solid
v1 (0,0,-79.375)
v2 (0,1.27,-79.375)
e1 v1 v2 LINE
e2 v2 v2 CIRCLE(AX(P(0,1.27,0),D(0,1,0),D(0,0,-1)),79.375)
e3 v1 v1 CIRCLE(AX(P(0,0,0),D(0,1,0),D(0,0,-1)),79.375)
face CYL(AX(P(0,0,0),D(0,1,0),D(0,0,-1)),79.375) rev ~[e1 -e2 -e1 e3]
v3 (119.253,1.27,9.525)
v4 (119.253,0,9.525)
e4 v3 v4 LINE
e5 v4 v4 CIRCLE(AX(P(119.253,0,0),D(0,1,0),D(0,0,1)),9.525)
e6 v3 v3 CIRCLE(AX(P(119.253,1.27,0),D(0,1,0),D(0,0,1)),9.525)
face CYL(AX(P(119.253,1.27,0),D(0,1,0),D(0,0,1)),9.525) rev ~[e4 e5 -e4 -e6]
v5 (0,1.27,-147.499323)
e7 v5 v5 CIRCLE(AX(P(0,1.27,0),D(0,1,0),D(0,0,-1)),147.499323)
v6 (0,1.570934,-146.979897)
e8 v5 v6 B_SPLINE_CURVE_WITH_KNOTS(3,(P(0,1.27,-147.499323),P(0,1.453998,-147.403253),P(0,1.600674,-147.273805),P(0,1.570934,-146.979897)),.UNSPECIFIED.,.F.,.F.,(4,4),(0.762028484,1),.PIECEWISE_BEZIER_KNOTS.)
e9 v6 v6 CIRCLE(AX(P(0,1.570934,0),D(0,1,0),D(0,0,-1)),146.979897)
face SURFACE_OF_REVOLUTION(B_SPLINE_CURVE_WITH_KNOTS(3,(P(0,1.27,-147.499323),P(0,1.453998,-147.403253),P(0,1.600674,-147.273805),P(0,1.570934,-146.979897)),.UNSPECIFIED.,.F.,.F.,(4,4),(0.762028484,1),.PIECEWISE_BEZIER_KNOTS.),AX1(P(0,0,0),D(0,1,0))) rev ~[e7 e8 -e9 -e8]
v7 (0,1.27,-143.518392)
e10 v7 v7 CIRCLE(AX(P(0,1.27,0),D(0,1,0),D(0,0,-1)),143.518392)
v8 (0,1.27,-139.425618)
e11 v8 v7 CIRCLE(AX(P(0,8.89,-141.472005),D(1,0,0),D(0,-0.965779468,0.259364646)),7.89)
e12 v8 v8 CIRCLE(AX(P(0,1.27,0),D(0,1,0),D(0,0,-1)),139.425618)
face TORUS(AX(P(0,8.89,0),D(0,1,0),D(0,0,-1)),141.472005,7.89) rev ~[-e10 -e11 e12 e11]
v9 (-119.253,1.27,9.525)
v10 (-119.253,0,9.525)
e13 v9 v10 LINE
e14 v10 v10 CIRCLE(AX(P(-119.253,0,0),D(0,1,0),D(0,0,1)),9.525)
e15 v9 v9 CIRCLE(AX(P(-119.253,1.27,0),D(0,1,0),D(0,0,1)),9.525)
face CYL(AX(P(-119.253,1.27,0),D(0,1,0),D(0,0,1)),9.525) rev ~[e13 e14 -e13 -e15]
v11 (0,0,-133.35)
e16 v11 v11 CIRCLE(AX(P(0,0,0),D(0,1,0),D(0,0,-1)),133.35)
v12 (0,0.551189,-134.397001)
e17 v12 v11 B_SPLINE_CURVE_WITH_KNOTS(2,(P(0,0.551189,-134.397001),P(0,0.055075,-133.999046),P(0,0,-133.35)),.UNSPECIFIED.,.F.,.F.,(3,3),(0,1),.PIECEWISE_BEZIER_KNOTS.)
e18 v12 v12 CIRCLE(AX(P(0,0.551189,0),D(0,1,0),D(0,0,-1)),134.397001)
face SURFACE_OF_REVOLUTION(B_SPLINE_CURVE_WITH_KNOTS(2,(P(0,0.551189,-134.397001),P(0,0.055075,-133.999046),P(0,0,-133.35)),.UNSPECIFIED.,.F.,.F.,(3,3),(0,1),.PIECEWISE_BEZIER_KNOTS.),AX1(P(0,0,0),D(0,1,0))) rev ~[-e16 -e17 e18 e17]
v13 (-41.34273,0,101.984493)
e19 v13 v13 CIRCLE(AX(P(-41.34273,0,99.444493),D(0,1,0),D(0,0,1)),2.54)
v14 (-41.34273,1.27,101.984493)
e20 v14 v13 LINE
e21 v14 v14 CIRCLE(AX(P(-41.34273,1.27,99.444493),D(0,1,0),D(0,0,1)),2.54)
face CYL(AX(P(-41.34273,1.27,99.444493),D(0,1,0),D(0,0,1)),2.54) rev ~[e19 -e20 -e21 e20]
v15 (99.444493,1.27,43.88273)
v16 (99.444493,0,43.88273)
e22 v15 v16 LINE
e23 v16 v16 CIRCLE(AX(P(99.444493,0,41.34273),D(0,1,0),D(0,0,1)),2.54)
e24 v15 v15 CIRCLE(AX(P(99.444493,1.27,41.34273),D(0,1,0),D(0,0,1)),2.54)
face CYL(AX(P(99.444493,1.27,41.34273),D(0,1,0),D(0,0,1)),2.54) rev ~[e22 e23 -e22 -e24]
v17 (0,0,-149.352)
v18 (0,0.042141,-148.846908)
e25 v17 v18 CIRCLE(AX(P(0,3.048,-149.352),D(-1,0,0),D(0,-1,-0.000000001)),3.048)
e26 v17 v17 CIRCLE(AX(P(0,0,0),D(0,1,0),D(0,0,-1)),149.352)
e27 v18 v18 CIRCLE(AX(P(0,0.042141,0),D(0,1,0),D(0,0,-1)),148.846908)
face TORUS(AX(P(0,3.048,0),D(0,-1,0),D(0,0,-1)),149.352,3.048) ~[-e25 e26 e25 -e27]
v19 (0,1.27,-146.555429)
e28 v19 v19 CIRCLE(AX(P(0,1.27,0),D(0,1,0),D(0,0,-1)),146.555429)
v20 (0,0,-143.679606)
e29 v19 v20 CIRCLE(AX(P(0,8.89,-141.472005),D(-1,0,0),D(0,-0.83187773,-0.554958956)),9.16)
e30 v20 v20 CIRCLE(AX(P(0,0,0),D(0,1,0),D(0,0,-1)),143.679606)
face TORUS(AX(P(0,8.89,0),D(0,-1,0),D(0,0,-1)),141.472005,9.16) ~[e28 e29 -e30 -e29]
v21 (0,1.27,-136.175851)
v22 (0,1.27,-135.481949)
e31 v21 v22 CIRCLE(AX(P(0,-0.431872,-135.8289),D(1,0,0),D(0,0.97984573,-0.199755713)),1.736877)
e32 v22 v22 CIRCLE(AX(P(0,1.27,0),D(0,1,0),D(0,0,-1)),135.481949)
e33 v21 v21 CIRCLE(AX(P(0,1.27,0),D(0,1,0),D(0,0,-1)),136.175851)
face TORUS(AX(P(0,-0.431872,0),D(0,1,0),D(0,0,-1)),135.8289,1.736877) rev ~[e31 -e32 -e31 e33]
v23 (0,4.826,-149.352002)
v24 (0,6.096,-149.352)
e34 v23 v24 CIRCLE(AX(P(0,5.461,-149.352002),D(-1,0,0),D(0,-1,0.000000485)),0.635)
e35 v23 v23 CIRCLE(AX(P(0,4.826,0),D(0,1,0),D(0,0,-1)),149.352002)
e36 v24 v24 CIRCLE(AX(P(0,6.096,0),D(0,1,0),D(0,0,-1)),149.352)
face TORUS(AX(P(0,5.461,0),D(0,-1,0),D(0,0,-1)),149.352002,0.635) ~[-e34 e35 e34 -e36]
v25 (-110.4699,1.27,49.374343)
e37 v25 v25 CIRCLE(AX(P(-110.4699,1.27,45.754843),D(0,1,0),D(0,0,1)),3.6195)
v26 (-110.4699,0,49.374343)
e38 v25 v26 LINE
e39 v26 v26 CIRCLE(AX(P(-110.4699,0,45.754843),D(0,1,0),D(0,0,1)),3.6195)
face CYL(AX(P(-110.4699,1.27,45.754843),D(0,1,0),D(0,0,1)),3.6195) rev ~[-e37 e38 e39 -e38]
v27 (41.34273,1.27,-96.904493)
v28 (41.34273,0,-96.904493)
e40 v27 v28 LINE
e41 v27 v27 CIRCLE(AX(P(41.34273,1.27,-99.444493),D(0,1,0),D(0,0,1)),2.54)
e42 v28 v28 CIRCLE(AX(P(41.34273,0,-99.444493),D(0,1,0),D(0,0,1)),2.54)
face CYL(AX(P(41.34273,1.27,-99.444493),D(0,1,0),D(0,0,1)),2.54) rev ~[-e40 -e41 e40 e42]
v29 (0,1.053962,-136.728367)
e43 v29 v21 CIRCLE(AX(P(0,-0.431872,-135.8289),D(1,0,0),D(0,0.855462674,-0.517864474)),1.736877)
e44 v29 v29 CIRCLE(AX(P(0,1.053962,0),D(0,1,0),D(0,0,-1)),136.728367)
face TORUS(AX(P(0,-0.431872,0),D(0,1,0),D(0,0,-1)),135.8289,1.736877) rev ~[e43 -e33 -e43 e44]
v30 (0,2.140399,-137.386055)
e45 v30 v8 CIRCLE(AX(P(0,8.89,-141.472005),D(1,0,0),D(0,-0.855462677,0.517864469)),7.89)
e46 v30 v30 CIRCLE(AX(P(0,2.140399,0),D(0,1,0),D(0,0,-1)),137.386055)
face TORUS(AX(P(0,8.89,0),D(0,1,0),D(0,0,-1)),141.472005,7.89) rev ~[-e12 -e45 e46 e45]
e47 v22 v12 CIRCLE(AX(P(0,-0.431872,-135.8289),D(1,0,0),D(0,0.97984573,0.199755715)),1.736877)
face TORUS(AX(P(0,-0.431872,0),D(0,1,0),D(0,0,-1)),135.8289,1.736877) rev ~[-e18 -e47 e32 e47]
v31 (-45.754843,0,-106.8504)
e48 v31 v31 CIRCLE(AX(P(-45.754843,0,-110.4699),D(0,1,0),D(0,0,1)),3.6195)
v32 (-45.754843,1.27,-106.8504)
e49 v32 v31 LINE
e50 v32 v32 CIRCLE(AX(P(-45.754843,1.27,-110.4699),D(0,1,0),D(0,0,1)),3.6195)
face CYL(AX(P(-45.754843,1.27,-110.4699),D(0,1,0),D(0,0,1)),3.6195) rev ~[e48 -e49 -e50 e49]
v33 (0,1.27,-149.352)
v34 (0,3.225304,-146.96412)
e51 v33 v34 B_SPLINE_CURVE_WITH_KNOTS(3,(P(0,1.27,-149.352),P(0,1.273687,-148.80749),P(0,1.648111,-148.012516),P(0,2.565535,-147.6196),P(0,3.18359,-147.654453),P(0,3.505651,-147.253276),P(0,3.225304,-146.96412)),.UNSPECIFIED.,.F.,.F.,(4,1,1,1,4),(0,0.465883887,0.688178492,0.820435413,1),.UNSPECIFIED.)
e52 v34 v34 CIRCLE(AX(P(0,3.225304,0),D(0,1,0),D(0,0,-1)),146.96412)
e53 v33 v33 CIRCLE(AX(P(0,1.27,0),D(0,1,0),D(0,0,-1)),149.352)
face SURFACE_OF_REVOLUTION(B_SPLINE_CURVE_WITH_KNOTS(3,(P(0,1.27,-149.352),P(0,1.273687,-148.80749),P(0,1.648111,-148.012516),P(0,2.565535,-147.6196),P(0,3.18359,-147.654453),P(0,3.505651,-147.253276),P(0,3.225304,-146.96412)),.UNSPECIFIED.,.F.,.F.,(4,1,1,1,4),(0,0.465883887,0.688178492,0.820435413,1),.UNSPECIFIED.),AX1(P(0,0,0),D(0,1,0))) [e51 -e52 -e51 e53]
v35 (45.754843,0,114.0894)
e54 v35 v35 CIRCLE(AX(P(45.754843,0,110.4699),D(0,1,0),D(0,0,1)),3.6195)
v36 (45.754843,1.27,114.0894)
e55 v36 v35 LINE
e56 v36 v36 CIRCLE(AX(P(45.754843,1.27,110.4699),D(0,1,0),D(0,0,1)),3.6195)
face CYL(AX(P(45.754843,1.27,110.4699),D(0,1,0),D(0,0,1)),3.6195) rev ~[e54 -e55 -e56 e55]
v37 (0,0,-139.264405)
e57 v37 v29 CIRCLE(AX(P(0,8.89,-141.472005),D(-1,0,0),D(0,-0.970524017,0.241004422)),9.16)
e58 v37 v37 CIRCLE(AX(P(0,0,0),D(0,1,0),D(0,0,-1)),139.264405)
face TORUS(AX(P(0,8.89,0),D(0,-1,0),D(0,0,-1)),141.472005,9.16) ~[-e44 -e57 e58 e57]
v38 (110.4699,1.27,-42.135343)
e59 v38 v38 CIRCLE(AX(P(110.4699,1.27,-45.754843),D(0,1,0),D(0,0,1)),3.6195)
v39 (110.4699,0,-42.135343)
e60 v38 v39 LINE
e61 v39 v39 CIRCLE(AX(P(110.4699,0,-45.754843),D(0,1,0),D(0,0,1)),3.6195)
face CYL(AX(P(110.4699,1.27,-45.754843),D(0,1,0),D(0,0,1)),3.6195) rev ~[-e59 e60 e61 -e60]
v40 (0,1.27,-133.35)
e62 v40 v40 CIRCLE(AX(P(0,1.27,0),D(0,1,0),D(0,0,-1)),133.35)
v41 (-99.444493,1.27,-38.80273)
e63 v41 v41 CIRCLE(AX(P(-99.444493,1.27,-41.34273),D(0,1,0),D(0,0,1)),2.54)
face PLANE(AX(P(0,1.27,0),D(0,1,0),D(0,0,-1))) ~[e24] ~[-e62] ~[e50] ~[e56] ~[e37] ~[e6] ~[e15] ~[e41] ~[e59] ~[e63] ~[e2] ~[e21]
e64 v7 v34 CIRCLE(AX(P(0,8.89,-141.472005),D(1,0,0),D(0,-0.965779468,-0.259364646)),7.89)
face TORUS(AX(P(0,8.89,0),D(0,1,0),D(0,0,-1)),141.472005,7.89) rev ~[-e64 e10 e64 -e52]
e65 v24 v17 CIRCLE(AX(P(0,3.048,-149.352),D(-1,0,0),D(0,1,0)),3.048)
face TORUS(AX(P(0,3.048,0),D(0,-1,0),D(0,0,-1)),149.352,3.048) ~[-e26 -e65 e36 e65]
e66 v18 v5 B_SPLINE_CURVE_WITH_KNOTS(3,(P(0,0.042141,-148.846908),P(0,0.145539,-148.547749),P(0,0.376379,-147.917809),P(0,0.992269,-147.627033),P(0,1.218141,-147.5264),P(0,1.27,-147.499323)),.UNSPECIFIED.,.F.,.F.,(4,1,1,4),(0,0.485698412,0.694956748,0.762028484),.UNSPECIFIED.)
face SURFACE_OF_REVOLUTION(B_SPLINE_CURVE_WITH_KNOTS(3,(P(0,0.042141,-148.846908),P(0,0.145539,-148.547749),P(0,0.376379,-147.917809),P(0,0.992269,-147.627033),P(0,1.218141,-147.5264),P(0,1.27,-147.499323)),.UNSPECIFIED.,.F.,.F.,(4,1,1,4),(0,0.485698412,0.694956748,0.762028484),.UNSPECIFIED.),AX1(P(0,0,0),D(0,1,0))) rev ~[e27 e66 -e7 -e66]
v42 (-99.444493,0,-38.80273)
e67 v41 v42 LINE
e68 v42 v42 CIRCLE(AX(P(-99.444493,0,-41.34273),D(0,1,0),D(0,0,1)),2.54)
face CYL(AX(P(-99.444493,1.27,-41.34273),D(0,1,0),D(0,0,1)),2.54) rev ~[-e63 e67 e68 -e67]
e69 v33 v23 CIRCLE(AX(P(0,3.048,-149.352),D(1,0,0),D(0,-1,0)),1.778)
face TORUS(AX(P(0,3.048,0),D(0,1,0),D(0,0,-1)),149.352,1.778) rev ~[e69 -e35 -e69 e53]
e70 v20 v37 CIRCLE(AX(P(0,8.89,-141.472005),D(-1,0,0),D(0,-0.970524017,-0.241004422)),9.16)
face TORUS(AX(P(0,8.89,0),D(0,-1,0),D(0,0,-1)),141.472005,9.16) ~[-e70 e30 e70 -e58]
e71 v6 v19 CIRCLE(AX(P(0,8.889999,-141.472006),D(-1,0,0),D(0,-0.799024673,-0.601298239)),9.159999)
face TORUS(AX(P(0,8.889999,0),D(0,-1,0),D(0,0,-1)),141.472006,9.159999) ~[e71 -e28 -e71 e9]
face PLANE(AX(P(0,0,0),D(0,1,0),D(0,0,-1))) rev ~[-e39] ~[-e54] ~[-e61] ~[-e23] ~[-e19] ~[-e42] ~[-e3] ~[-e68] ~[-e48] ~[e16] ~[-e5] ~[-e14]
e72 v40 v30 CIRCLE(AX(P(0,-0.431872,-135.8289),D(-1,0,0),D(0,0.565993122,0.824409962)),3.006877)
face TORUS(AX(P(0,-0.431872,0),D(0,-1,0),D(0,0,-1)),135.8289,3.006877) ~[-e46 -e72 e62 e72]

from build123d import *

# Parameters (mm, degrees)
CUT_EXTRUDE1_REACH = 217.58
SKETCH3_R          = 3.6195
SKETCH3_R_2        = 9.525
SKETCH3_R_3        = 2.54


with BuildPart() as part:
    # Sketch2 → Revolve1 (revolve)
    with BuildSketch(Plane(origin=(0, 0, 0), x_dir=(0, 0, -1), z_dir=(1, 0, 0)), mode=Mode.PRIVATE) as revolve1_sk:
        with BuildLine():
            add(Edge.make_bspline(
                [(-134.397000652, 0.551188735), (-133.999045602, 0.055074794), (-133.35, 0)],
                knots=[0, 0, 0, 1, 1, 1], degree=2))
            Line((-133.35, 0), (-79.375, 0))
            Line((-79.375, 0), (-79.375, 1.27))
            Line((-79.375, 1.27), (-133.35, 1.27))
            Line((-133.35, 1.27), (-135.481948533, 1.27))
            ThreePointArc((-135.481948533, 1.27), (-134.869603382, 1.016055461), (-134.397000652, 0.551188735))
        make_face()
        with BuildLine():
            ThreePointArc((-143.679605897, 0), (-141.47200539, -0.27), (-139.264404882, 0))
            Line((-139.264404882, 0), (-143.679605897, 0))
        make_face()
        with BuildLine():
            Line((-143.679605897, 0), (-139.264404882, 0))
            ThreePointArc((-139.264404882, 0), (-137.956661882, 0.431397277), (-136.728366852, 1.053961879))
            ThreePointArc((-136.728366852, 1.053961879), (-136.461400936, 1.185745278), (-136.175850928, 1.27))
            Line((-136.175850928, 1.27), (-139.425618329, 1.27))
            ThreePointArc((-139.425618329, 1.27), (-141.47200539, 1), (-143.51839245, 1.27))
            Line((-143.51839245, 1.27), (-146.555429433, 1.27))
            ThreePointArc((-146.555429433, 1.27), (-145.172408712, 0.510703177), (-143.679605897, 0))
        make_face()
        with BuildLine():
            ThreePointArc((-136.175850928, 1.27), (-135.82889973, 1.305005497), (-135.481948533, 1.27))
            Line((-135.481948533, 1.27), (-133.35, 1.27))
            ThreePointArc((-133.35, 1.27), (-135.195021074, 2.507432361), (-137.386054728, 2.140399479))
            ThreePointArc((-137.386054728, 2.140399479), (-138.375105279, 1.633188737), (-139.425618329, 1.27))
            Line((-139.425618329, 1.27), (-136.175850928, 1.27))
        make_face()
        with BuildLine():
            ThreePointArc((-149.352, 6.096), (-152.4, 3.048), (-149.352, 0))
            ThreePointArc((-149.352, 0), (-149.098576329, 0.010553631), (-148.846907606, 0.042141441))
            add(Edge.make_bspline(
                [(-148.846907606, 0.042141441), (-148.547749248, 0.145539292), (-147.917809082, 0.376379007), (-147.627032504, 0.992268812), (-147.526400479, 1.21814053), (-147.499323294, 1.27)],
                knots=[0, 0, 0, 0, 0.485698412, 0.694956748, 0.762028484, 0.762028484, 0.762028484, 0.762028484], degree=3))
            Line((-147.499323294, 1.27), (-149.352, 1.27))
            ThreePointArc((-149.352, 1.27), (-151.13, 3.047998982), (-149.352002036, 4.826))
            ThreePointArc((-149.352002036, 4.826), (-148.717002344, 5.460998982), (-149.352, 6.096))
        make_face()
        with BuildLine():
            ThreePointArc((-146.97989724, 1.570933983), (-146.769800535, 1.417452469), (-146.555429433, 1.27))
            Line((-146.555429433, 1.27), (-143.51839245, 1.27))
            ThreePointArc((-143.51839245, 1.27), (-145.365982171, 2.027854211), (-146.964119908, 3.225304234))
            add(Edge.make_bspline(
                [(-149.352, 1.27), (-148.807490473, 1.273686835), (-148.012516348, 1.648110571), (-147.619600478, 2.565535279), (-147.654453496, 3.18359), (-147.253276421, 3.505651273), (-146.964119908, 3.225304234)],
                knots=[0, 0, 0, 0, 0.465883887, 0.688178492, 0.820435413, 1, 1, 1, 1], degree=3))
            Line((-149.352, 1.27), (-147.499323294, 1.27))
            add(Edge.make_bspline(
                [(-147.499323294, 1.27), (-147.403253038, 1.453998172), (-147.273805216, 1.600673609), (-146.97989724, 1.570933983)],
                knots=[0.762028484, 0.762028484, 0.762028484, 0.762028484, 1, 1, 1, 1], degree=3))
        make_face()
    revolve(revolve1_sk.sketch.rotate(Axis((0, 0, 0), (0, 1, 0)), 180), axis=Axis((0, 0, 0), (0, 1, 0)))

    # Sketch3 → Cut-Extrude1 (cut, up to next)
    with BuildSketch(Plane(origin=(0, 1.27, 0), x_dir=(1, 0, 0), z_dir=(0, 1, 0)), mode=Mode.PRIVATE) as cut_extrude1_sk1:
        with Locations(Location((110.469899984, 45.754843108, 0), (0, 0, 270))):
            Circle(SKETCH3_R)
    cut_extrude1_tool1 = extrude(cut_extrude1_sk1.sketch, amount=-CUT_EXTRUDE1_REACH, mode=Mode.PRIVATE) & part.part
    # Sketch3 → Cut-Extrude1 (cut, up to next)
    with BuildSketch(Plane(origin=(0, 1.27, 0), x_dir=(1, 0, 0), z_dir=(0, 1, 0)), mode=Mode.PRIVATE) as cut_extrude1_sk2:
        with Locations(Location((119.253, 0, 0), (0, 0, 270))):
            Circle(SKETCH3_R_2)
    cut_extrude1_tool2 = extrude(cut_extrude1_sk2.sketch, amount=-CUT_EXTRUDE1_REACH, mode=Mode.PRIVATE) & part.part
    # Sketch3 → Cut-Extrude1 (cut, up to next)
    with BuildSketch(Plane(origin=(0, 1.27, 0), x_dir=(1, 0, 0), z_dir=(0, 1, 0)), mode=Mode.PRIVATE) as cut_extrude1_sk3:
        with Locations(Location((99.444492545, -41.342729936, 0), (0, 0, 270))):
            Circle(SKETCH3_R_3)
    cut_extrude1_tool3 = extrude(cut_extrude1_sk3.sketch, amount=-CUT_EXTRUDE1_REACH, mode=Mode.PRIVATE) & part.part
    # Sketch3 → Cut-Extrude1 (cut, up to next)
    with BuildSketch(Plane(origin=(0, 1.27, 0), x_dir=(1, 0, 0), z_dir=(0, 1, 0)), mode=Mode.PRIVATE) as cut_extrude1_sk4:
        with Locations(Location((45.754843108, -110.469899984, 0), (0, 0, 270))):
            Circle(SKETCH3_R)
    cut_extrude1_tool4 = extrude(cut_extrude1_sk4.sketch, amount=-CUT_EXTRUDE1_REACH, mode=Mode.PRIVATE) & part.part
    # Sketch3 → Cut-Extrude1 (cut, up to next)
    with BuildSketch(Plane(origin=(0, 1.27, 0), x_dir=(1, 0, 0), z_dir=(0, 1, 0)), mode=Mode.PRIVATE) as cut_extrude1_sk5:
        with Locations(Location((-41.342729935, -99.444492544, 0), (0, 0, 270))):
            Circle(SKETCH3_R_3)
    cut_extrude1_tool5 = extrude(cut_extrude1_sk5.sketch, amount=-CUT_EXTRUDE1_REACH, mode=Mode.PRIVATE) & part.part
    # Sketch3 → Cut-Extrude1 (cut, up to next)
    with BuildSketch(Plane(origin=(0, 1.27, 0), x_dir=(1, 0, 0), z_dir=(0, 1, 0)), mode=Mode.PRIVATE) as cut_extrude1_sk6:
        with Locations(Location((-110.469899984, -45.754843108, 0), (0, 0, 270))):
            Circle(SKETCH3_R)
    cut_extrude1_tool6 = extrude(cut_extrude1_sk6.sketch, amount=-CUT_EXTRUDE1_REACH, mode=Mode.PRIVATE) & part.part
    # Sketch3 → Cut-Extrude1 (cut, up to next)
    with BuildSketch(Plane(origin=(0, 1.27, 0), x_dir=(1, 0, 0), z_dir=(0, 1, 0)), mode=Mode.PRIVATE) as cut_extrude1_sk7:
        with Locations(Location((-119.253, 0, 0), (0, 0, 270))):
            Circle(SKETCH3_R_2)
    cut_extrude1_tool7 = extrude(cut_extrude1_sk7.sketch, amount=-CUT_EXTRUDE1_REACH, mode=Mode.PRIVATE) & part.part
    # Sketch3 → Cut-Extrude1 (cut, up to next)
    with BuildSketch(Plane(origin=(0, 1.27, 0), x_dir=(1, 0, 0), z_dir=(0, 1, 0)), mode=Mode.PRIVATE) as cut_extrude1_sk8:
        with Locations(Location((-99.444492544, 41.342729935, 0), (0, 0, 270))):
            Circle(SKETCH3_R_3)
    cut_extrude1_tool8 = extrude(cut_extrude1_sk8.sketch, amount=-CUT_EXTRUDE1_REACH, mode=Mode.PRIVATE) & part.part
    # Sketch3 → Cut-Extrude1 (cut, up to next)
    with BuildSketch(Plane(origin=(0, 1.27, 0), x_dir=(1, 0, 0), z_dir=(0, 1, 0)), mode=Mode.PRIVATE) as cut_extrude1_sk9:
        with Locations(Location((41.342729935, 99.444492545, 0), (0, 0, 270))):
            Circle(SKETCH3_R_3)
    cut_extrude1_tool9 = extrude(cut_extrude1_sk9.sketch, amount=-CUT_EXTRUDE1_REACH, mode=Mode.PRIVATE) & part.part
    # Sketch3 → Cut-Extrude1 (cut, up to next)
    with BuildSketch(Plane(origin=(0, 1.27, 0), x_dir=(1, 0, 0), z_dir=(0, 1, 0)), mode=Mode.PRIVATE) as cut_extrude1_sk10:
        with Locations(Location((-45.754843108, 110.469899984, 0), (0, 0, 270))):
            Circle(SKETCH3_R)
    cut_extrude1_tool10 = extrude(cut_extrude1_sk10.sketch, amount=-CUT_EXTRUDE1_REACH, mode=Mode.PRIVATE) & part.part
    add(cut_extrude1_tool1.solids().sort_by_distance((110.4699, 1.27, -45.754843))[0], mode=Mode.SUBTRACT)
    add(cut_extrude1_tool2.solids().sort_by_distance((119.253, 1.27, 0))[0], mode=Mode.SUBTRACT)
    add(cut_extrude1_tool3.solids().sort_by_distance((99.444493, 1.27, 41.34273))[0], mode=Mode.SUBTRACT)
    add(cut_extrude1_tool4.solids().sort_by_distance((45.754843, 1.27, 110.4699))[0], mode=Mode.SUBTRACT)
    add(cut_extrude1_tool5.solids().sort_by_distance((-41.34273, 1.27, 99.444493))[0], mode=Mode.SUBTRACT)
    add(cut_extrude1_tool6.solids().sort_by_distance((-110.4699, 1.27, 45.754843))[0], mode=Mode.SUBTRACT)
    add(cut_extrude1_tool7.solids().sort_by_distance((-119.253, 1.27, 0))[0], mode=Mode.SUBTRACT)
    add(cut_extrude1_tool8.solids().sort_by_distance((-99.444493, 1.27, -41.34273))[0], mode=Mode.SUBTRACT)
    add(cut_extrude1_tool9.solids().sort_by_distance((41.34273, 1.27, -99.444493))[0], mode=Mode.SUBTRACT)
    add(cut_extrude1_tool10.solids().sort_by_distance((-45.754843, 1.27, -110.4699))[0], mode=Mode.SUBTRACT)


solid = part.part
